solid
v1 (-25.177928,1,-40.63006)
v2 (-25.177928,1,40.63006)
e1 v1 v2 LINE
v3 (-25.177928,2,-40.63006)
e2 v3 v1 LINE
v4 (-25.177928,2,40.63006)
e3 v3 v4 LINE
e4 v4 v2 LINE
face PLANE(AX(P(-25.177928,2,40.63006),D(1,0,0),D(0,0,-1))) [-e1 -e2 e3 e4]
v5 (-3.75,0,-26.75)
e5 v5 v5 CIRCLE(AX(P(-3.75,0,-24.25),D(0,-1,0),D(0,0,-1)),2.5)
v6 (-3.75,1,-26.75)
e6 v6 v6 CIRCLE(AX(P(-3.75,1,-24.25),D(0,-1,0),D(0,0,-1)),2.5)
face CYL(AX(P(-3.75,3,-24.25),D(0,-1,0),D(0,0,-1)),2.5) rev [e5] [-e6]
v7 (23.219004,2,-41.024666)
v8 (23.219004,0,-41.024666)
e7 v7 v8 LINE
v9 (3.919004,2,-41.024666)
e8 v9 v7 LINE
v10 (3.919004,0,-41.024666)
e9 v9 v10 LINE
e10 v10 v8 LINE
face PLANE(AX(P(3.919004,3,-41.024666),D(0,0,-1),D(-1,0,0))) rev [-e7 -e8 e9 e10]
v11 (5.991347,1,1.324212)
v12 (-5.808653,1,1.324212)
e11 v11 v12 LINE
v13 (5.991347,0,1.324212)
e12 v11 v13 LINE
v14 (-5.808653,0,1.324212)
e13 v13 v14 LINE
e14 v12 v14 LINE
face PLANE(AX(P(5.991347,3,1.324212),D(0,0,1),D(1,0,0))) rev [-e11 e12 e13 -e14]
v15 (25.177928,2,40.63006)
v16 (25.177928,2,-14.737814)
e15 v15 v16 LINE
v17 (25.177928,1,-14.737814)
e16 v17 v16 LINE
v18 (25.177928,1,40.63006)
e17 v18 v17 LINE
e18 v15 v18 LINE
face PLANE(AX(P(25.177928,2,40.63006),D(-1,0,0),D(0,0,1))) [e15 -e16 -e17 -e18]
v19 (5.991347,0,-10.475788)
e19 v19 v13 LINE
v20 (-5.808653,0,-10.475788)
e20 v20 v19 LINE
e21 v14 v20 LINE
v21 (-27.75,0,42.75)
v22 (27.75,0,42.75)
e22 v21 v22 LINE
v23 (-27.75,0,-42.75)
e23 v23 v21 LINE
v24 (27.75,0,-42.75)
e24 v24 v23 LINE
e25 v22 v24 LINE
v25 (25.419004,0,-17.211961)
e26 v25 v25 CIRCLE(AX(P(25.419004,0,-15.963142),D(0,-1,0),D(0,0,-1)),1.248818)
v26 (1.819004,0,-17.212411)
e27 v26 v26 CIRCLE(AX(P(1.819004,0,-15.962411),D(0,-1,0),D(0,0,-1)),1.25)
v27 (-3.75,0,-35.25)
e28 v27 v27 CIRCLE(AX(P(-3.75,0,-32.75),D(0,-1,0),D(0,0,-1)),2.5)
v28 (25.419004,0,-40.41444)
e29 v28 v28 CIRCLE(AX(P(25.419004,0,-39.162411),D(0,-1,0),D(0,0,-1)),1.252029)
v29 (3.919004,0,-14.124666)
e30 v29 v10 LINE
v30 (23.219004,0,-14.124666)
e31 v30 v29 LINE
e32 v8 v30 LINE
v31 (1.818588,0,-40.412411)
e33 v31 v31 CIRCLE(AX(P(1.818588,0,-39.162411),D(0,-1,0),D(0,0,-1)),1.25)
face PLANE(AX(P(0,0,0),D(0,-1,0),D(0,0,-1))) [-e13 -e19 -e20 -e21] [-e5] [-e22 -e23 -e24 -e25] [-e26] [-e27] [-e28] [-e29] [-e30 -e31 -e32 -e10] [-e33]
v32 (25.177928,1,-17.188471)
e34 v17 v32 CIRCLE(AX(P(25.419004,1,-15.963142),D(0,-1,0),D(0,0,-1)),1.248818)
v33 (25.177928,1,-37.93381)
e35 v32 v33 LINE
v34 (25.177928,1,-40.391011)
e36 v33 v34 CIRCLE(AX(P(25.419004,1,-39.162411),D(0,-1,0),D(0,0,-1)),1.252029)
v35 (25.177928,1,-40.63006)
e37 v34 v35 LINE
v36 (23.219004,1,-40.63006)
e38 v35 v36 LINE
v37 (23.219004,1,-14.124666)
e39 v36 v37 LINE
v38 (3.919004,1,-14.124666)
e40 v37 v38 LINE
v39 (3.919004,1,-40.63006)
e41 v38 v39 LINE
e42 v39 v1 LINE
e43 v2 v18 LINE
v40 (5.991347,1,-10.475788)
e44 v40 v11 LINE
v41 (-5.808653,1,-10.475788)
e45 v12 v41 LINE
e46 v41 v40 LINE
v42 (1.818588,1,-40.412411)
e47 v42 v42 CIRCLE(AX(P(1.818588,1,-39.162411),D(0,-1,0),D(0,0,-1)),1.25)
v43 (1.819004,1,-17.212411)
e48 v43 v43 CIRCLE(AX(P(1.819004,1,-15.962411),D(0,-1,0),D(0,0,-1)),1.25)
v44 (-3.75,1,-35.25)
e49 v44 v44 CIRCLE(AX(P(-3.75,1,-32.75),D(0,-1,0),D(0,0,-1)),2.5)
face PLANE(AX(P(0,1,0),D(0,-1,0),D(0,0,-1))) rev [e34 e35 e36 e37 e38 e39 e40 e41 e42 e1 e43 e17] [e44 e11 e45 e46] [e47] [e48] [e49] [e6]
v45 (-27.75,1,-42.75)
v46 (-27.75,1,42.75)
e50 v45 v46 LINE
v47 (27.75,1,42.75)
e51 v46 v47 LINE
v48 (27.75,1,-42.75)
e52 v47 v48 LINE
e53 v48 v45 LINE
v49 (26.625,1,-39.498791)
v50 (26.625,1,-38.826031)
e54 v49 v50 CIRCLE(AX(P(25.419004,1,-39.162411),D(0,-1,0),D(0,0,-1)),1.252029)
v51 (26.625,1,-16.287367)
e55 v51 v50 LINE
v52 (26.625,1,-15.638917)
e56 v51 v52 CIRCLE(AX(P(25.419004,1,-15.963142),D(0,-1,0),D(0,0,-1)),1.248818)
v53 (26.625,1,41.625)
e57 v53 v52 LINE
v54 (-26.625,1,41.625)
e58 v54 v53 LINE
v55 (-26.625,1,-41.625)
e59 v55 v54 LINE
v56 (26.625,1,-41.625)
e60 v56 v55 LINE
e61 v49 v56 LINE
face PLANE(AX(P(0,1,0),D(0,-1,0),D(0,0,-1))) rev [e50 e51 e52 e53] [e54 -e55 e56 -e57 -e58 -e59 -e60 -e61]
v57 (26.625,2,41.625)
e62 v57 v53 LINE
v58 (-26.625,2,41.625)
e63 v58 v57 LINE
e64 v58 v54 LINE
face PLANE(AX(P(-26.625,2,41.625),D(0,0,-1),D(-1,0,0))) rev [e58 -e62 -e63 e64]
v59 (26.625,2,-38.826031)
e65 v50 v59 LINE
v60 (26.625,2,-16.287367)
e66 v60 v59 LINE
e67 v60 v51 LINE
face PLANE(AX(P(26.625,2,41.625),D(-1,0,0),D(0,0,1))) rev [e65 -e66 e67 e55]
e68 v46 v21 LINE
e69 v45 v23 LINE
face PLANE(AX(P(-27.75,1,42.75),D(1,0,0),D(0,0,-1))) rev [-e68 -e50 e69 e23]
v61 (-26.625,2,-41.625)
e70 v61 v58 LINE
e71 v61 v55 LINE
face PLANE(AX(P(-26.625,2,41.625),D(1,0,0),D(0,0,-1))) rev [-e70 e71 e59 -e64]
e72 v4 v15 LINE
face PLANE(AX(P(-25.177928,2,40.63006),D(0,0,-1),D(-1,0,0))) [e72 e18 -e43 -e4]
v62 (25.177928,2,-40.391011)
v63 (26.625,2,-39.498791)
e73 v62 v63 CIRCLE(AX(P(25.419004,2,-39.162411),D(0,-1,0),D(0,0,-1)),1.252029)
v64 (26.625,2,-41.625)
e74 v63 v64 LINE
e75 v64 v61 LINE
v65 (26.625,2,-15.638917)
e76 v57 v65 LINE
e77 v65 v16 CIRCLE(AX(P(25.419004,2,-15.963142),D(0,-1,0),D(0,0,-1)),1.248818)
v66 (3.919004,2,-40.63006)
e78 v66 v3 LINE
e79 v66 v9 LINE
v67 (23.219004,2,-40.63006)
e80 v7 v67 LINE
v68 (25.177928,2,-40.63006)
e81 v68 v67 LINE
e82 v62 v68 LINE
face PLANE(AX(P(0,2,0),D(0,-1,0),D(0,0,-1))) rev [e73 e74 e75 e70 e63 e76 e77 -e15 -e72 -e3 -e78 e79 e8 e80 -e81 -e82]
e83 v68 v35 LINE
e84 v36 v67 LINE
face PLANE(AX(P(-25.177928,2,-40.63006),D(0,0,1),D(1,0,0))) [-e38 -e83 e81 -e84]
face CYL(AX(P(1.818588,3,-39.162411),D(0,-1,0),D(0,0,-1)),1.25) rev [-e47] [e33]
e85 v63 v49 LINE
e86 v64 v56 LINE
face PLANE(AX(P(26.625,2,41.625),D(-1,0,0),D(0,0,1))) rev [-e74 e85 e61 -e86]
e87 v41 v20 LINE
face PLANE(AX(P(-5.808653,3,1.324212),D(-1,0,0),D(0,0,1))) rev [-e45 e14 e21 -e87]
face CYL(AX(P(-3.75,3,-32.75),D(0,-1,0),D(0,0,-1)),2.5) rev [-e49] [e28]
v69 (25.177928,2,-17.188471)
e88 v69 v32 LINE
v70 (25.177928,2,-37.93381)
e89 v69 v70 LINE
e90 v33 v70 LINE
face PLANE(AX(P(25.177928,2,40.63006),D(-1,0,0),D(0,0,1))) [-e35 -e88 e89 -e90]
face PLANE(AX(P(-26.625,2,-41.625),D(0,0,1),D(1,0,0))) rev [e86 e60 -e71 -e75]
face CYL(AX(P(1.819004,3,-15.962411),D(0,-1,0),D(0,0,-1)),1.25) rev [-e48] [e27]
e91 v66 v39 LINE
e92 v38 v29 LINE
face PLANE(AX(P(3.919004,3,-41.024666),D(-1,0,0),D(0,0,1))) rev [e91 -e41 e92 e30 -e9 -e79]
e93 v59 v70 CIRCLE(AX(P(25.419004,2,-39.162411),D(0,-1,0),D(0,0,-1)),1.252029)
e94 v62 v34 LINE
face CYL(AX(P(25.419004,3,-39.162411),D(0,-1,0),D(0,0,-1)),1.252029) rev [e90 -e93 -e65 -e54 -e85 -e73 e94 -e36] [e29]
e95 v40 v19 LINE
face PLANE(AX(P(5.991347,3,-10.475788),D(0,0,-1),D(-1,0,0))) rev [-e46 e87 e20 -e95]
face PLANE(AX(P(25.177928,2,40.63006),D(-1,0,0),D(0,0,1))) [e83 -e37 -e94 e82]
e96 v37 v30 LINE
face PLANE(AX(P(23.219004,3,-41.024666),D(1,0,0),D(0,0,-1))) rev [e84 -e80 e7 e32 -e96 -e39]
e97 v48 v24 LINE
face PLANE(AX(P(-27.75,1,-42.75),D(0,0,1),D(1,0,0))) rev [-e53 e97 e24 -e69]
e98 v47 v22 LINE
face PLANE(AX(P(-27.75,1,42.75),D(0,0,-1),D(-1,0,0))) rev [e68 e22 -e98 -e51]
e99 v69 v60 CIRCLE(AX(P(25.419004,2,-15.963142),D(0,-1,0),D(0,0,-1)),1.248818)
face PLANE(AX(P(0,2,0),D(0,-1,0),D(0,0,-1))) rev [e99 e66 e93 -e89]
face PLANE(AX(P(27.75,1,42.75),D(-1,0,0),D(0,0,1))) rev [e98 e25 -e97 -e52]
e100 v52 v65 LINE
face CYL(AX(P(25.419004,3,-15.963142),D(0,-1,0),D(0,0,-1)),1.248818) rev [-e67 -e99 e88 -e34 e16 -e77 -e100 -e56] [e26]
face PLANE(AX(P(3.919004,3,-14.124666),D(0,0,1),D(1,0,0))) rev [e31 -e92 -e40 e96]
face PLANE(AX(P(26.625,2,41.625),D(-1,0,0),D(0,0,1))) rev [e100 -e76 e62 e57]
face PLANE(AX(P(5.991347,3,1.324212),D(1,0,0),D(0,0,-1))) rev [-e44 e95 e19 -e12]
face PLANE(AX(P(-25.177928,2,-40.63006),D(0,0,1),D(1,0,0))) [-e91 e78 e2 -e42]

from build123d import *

# Parameters (mm, degrees)
SKETCH1_W           = 55.5
SKETCH1_H           = 85.5
BOSS_EXTRUDE1_DEPTH = 1
SKETCH2_W           = 53.25
SKETCH2_H           = 83.25
SKETCH2_W_2         = 50.3558552
SKETCH2_H_2         = 81.260119932
BOSS_EXTRUDE2_DEPTH = 1
SKETCH3_R           = 2.5
SKETCH3_R_2         = 1.25
SKETCH3_R_3         = 1.248818361
SKETCH3_R_4         = 1.252029075
SKETCH3_W           = 19.3
SKETCH3_H           = 26.9
SKETCH3_W_2         = 11.8
SKETCH3_H_2         = 11.8
CUT_EXTRUDE2_DEPTH  = 3


with BuildPart() as part:
    # Sketch1 → Boss-Extrude1 (new body)
    with BuildSketch(Plane(origin=(0, 0, 0), x_dir=(1, 0, 0), z_dir=(0, 1, 0))):
        Rectangle(SKETCH1_W, SKETCH1_H)
    extrude(amount=BOSS_EXTRUDE1_DEPTH)

    # Sketch2 → Boss-Extrude2 (add)
    with BuildSketch(Plane(origin=(0, 1, 0), x_dir=(1, 0, 0), z_dir=(0, 1, 0))):
        Rectangle(SKETCH2_W, SKETCH2_H)
        Rectangle(SKETCH2_W_2, SKETCH2_H_2, mode=Mode.SUBTRACT)
    extrude(amount=BOSS_EXTRUDE2_DEPTH)

    # Sketch3 → Cut-Extrude2 (cut)
    with BuildSketch(Plane.XZ):
        with Locations(Location((-3.75, -32.75, 0), (0, 0, 270))):
            Circle(SKETCH3_R)
        with Locations(Location((-3.75, -24.25, 0), (0, 0, 270))):
            Circle(SKETCH3_R)
        with Locations(Location((1.819004369, -15.96241079, 0), (0, 0, 270))):
            Circle(SKETCH3_R_2)
        with Locations(Location((25.419004357, -15.963142334, 0), (0, 0, 270))):
            Circle(SKETCH3_R_3)
        with Locations(Location((1.818587591, -39.162410787, 0), (0, 0, 270))):
            Circle(SKETCH3_R_2)
        with Locations(Location((25.419004357, -39.162410787, 0), (0, 0, 270))):
            Circle(SKETCH3_R_4)
        with Locations((13.569004369, -27.574665711)):
            Rectangle(SKETCH3_W, SKETCH3_H)
        with Locations((0.091347466, -4.575788212)):
            Rectangle(SKETCH3_W_2, SKETCH3_H_2)
    extrude(amount=-CUT_EXTRUDE2_DEPTH, mode=Mode.SUBTRACT)


solid = part.part
